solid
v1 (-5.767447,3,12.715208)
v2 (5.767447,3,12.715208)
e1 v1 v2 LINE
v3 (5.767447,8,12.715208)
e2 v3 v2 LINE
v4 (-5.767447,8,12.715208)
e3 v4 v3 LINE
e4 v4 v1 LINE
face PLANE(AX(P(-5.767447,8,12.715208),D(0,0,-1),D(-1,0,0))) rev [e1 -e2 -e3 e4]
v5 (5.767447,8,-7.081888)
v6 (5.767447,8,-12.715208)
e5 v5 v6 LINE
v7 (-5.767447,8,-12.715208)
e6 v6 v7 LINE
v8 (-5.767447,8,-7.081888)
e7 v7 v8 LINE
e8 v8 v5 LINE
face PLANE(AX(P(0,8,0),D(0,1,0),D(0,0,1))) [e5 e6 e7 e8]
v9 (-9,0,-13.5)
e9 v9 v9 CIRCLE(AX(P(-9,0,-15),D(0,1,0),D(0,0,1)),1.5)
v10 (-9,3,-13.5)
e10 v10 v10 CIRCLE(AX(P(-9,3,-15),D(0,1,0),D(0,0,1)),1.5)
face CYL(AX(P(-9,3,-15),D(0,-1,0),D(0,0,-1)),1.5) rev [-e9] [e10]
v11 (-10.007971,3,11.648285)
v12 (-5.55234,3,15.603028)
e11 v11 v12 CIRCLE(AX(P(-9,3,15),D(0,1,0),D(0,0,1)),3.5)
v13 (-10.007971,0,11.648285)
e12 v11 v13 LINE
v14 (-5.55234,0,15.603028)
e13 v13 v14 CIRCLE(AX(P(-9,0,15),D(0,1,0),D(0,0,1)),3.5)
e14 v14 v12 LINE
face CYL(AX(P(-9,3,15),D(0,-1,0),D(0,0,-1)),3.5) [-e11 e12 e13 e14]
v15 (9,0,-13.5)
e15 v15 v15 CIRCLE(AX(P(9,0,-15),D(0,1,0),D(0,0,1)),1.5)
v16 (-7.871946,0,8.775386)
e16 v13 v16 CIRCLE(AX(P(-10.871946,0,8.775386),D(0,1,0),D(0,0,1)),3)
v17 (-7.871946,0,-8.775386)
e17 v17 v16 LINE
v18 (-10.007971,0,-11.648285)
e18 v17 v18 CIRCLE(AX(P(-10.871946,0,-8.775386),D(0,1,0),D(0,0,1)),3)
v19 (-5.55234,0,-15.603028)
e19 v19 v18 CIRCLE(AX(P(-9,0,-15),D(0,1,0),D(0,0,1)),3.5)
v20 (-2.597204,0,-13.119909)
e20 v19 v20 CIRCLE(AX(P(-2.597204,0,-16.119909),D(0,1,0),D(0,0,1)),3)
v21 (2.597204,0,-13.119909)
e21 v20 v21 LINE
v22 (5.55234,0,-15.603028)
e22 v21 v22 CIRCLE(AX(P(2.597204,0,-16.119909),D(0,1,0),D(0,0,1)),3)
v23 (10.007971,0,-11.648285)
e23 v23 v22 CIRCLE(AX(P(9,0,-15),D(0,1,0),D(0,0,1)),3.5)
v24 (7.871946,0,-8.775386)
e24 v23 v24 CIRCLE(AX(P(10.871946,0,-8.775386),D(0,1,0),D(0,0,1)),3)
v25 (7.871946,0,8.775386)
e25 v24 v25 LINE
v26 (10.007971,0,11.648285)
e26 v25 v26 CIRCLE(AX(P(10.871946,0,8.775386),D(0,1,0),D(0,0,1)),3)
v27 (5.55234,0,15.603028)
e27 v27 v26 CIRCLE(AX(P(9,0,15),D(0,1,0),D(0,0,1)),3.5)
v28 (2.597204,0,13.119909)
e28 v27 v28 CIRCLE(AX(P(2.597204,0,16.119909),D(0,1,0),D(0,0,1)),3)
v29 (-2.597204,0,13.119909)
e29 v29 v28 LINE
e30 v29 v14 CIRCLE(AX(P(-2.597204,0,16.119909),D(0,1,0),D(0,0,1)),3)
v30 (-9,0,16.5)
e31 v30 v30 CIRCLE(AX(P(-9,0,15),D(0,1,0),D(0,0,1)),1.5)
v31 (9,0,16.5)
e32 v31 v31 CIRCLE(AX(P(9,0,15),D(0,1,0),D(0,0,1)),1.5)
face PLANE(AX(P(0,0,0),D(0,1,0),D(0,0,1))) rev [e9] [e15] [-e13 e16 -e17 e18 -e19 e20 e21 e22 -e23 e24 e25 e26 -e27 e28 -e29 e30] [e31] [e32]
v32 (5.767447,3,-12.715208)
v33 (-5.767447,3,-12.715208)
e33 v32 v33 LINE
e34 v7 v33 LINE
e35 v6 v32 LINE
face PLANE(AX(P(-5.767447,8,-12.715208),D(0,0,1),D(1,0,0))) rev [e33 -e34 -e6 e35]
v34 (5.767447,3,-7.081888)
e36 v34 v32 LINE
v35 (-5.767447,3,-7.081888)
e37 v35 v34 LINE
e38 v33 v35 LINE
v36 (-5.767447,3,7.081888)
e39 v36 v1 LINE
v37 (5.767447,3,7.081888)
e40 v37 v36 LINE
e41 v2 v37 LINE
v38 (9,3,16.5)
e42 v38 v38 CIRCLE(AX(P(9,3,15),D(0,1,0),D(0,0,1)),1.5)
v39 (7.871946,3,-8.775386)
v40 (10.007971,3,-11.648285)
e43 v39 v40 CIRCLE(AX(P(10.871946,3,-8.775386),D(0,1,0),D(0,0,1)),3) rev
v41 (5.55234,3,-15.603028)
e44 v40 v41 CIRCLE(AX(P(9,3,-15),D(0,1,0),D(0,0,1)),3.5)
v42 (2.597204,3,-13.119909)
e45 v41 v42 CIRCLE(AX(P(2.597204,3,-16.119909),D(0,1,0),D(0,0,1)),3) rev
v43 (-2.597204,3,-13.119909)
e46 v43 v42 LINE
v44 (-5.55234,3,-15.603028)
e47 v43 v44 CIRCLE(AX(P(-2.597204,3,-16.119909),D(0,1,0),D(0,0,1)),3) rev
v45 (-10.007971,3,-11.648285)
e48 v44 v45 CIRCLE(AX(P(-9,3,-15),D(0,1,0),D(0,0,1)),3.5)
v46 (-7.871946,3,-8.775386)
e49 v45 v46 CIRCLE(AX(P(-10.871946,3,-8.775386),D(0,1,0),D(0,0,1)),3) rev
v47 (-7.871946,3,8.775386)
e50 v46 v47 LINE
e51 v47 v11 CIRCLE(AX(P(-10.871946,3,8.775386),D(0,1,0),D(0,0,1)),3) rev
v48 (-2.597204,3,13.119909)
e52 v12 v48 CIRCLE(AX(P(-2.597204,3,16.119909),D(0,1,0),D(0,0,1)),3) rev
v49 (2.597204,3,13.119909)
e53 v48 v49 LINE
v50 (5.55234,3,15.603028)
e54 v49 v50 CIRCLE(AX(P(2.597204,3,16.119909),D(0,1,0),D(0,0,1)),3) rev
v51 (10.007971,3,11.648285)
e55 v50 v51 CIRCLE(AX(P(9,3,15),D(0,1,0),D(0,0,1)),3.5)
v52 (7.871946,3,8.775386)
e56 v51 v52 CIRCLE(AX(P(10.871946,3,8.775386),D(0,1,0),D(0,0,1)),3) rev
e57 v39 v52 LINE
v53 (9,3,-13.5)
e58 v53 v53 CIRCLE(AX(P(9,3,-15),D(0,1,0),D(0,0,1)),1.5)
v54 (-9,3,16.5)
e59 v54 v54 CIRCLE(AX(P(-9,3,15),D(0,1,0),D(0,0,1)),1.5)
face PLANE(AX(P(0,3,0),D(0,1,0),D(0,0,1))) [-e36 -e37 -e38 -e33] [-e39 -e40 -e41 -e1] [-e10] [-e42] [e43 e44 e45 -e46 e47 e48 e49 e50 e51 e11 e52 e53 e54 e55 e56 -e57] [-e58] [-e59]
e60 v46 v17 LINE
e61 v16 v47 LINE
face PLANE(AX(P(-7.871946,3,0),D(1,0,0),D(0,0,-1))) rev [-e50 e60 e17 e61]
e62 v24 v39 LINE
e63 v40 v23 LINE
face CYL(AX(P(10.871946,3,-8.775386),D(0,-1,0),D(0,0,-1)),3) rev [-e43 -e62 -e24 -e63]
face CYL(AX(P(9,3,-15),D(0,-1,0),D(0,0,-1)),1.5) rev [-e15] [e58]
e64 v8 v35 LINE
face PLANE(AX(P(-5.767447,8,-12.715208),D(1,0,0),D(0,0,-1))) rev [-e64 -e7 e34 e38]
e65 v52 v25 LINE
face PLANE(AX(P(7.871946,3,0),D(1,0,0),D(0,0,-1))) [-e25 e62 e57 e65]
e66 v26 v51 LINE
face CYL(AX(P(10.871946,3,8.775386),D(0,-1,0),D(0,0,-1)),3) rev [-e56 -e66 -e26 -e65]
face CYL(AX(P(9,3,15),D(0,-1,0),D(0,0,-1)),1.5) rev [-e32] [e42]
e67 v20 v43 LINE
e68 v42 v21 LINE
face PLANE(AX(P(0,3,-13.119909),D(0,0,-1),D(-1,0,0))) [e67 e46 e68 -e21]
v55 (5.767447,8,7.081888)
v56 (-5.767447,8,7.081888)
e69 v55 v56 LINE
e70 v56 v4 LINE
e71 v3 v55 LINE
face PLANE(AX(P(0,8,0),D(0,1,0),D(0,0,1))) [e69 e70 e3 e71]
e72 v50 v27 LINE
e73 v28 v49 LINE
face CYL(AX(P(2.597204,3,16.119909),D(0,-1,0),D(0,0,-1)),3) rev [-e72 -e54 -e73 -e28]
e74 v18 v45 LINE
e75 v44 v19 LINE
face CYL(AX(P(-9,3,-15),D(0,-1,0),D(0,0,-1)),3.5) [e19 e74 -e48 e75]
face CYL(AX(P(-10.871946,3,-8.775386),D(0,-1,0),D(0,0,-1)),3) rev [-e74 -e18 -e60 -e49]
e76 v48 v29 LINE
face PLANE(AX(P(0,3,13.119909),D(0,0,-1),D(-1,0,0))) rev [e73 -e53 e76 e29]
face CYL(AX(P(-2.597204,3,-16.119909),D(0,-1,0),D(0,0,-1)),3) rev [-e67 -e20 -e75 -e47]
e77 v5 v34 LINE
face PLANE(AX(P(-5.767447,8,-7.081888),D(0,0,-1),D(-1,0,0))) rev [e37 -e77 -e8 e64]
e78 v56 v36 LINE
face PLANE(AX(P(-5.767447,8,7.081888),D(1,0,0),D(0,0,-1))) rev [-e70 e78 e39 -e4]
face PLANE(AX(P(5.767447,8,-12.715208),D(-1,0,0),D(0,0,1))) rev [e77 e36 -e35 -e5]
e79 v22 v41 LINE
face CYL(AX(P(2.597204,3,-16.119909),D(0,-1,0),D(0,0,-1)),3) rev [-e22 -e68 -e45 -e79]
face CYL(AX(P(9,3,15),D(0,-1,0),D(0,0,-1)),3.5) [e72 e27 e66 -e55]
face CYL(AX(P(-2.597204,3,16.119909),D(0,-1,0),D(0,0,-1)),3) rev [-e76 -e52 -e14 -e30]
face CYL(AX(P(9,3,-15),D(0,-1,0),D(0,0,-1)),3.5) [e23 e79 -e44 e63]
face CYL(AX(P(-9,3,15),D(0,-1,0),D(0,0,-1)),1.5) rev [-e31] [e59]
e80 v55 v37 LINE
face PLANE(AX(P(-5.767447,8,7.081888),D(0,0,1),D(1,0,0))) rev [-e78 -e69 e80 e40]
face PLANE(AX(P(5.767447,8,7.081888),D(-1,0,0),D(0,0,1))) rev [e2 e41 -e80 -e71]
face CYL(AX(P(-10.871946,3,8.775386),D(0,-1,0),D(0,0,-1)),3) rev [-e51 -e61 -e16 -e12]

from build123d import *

# Parameters (mm, degrees)
SKETCH1_R           = 3.5
SKETCH1_R_2         = 1.5
SKETCH1_W           = 15.74389133
SKETCH1_H           = 26.239818884
BOSS_EXTRUDE1_DEPTH = 3
FILLET1_R           = 3
SKETCH2_W           = 11.534893024
SKETCH2_H           = 5.633319849
BOSS_EXTRUDE2_DEPTH = 5


with BuildPart() as part:
    # Sketch1 → Boss-Extrude1 (new body)
    # profile 1 of 5: a face of its own
    with BuildSketch(Plane(origin=(0, 0, 0), x_dir=(1, 0, 0), z_dir=(0, 1, 0))):
        with Locations((9, 15)):
            Circle(SKETCH1_R)
        with Locations(Location((9, 15, 0), (0, 0, 270))):
            Circle(SKETCH1_R_2, mode=Mode.SUBTRACT)
    # profile 2 of 5: a face of its own
    with BuildSketch(Plane(origin=(0, 0, 0), x_dir=(1, 0, 0), z_dir=(0, 1, 0))):
        with Locations((9, -15)):
            Circle(SKETCH1_R)
        with Locations(Location((9, -15, 0), (0, 0, 270))):
            Circle(SKETCH1_R_2, mode=Mode.SUBTRACT)
    # profile 3 of 5: a face of its own
    with BuildSketch(Plane(origin=(0, 0, 0), x_dir=(1, 0, 0), z_dir=(0, 1, 0))):
        with Locations((-9, -15)):
            Circle(SKETCH1_R)
        with Locations(Location((-9, -15, 0), (0, 0, 270))):
            Circle(SKETCH1_R_2, mode=Mode.SUBTRACT)
    # profile 4 of 5: a face of its own
    with BuildSketch(Plane(origin=(0, 0, 0), x_dir=(1, 0, 0), z_dir=(0, 1, 0))):
        with Locations((-9, 15)):
            Circle(SKETCH1_R)
        with Locations(Location((-9, 15, 0), (0, 0, 270))):
            Circle(SKETCH1_R_2, mode=Mode.SUBTRACT)
    # profile 5 of 5: a face of its own
    with BuildSketch(Plane(origin=(0, 0, 0), x_dir=(1, 0, 0), z_dir=(0, 1, 0))):
        Rectangle(SKETCH1_W, SKETCH1_H)
    extrude(amount=BOSS_EXTRUDE1_DEPTH)

    # Fillet1
    fillet1_edges = [part.edges().sort_by_distance(p)[0] for p in [
        (-6.047838166, 1.5, -13.119909442),
        (6.047838166, 1.5, -13.119909442),
        (7.871945665, 1.5, -11.686769942),
        (7.871945665, 1.5, 11.686769942),
        (6.047838166, 1.5, 13.119909442),
        (-6.047838166, 1.5, 13.119909442),
        (-7.871945665, 1.5, 11.686769942),
        (-7.871945665, 1.5, -11.686769942),
    ]]
    fillet(fillet1_edges, radius=FILLET1_R)

    # Sketch2 → Boss-Extrude2 (add)
    with BuildSketch(Plane(origin=(0, 3, 0), x_dir=(1, 0, 0), z_dir=(0, 1, 0))):
        with Locations((0, 9.898547735)):
            Rectangle(SKETCH2_W, SKETCH2_H)
        with Locations((0, -9.898547735)):
            Rectangle(SKETCH2_W, SKETCH2_H)
    extrude(amount=BOSS_EXTRUDE2_DEPTH)


solid = part.part
